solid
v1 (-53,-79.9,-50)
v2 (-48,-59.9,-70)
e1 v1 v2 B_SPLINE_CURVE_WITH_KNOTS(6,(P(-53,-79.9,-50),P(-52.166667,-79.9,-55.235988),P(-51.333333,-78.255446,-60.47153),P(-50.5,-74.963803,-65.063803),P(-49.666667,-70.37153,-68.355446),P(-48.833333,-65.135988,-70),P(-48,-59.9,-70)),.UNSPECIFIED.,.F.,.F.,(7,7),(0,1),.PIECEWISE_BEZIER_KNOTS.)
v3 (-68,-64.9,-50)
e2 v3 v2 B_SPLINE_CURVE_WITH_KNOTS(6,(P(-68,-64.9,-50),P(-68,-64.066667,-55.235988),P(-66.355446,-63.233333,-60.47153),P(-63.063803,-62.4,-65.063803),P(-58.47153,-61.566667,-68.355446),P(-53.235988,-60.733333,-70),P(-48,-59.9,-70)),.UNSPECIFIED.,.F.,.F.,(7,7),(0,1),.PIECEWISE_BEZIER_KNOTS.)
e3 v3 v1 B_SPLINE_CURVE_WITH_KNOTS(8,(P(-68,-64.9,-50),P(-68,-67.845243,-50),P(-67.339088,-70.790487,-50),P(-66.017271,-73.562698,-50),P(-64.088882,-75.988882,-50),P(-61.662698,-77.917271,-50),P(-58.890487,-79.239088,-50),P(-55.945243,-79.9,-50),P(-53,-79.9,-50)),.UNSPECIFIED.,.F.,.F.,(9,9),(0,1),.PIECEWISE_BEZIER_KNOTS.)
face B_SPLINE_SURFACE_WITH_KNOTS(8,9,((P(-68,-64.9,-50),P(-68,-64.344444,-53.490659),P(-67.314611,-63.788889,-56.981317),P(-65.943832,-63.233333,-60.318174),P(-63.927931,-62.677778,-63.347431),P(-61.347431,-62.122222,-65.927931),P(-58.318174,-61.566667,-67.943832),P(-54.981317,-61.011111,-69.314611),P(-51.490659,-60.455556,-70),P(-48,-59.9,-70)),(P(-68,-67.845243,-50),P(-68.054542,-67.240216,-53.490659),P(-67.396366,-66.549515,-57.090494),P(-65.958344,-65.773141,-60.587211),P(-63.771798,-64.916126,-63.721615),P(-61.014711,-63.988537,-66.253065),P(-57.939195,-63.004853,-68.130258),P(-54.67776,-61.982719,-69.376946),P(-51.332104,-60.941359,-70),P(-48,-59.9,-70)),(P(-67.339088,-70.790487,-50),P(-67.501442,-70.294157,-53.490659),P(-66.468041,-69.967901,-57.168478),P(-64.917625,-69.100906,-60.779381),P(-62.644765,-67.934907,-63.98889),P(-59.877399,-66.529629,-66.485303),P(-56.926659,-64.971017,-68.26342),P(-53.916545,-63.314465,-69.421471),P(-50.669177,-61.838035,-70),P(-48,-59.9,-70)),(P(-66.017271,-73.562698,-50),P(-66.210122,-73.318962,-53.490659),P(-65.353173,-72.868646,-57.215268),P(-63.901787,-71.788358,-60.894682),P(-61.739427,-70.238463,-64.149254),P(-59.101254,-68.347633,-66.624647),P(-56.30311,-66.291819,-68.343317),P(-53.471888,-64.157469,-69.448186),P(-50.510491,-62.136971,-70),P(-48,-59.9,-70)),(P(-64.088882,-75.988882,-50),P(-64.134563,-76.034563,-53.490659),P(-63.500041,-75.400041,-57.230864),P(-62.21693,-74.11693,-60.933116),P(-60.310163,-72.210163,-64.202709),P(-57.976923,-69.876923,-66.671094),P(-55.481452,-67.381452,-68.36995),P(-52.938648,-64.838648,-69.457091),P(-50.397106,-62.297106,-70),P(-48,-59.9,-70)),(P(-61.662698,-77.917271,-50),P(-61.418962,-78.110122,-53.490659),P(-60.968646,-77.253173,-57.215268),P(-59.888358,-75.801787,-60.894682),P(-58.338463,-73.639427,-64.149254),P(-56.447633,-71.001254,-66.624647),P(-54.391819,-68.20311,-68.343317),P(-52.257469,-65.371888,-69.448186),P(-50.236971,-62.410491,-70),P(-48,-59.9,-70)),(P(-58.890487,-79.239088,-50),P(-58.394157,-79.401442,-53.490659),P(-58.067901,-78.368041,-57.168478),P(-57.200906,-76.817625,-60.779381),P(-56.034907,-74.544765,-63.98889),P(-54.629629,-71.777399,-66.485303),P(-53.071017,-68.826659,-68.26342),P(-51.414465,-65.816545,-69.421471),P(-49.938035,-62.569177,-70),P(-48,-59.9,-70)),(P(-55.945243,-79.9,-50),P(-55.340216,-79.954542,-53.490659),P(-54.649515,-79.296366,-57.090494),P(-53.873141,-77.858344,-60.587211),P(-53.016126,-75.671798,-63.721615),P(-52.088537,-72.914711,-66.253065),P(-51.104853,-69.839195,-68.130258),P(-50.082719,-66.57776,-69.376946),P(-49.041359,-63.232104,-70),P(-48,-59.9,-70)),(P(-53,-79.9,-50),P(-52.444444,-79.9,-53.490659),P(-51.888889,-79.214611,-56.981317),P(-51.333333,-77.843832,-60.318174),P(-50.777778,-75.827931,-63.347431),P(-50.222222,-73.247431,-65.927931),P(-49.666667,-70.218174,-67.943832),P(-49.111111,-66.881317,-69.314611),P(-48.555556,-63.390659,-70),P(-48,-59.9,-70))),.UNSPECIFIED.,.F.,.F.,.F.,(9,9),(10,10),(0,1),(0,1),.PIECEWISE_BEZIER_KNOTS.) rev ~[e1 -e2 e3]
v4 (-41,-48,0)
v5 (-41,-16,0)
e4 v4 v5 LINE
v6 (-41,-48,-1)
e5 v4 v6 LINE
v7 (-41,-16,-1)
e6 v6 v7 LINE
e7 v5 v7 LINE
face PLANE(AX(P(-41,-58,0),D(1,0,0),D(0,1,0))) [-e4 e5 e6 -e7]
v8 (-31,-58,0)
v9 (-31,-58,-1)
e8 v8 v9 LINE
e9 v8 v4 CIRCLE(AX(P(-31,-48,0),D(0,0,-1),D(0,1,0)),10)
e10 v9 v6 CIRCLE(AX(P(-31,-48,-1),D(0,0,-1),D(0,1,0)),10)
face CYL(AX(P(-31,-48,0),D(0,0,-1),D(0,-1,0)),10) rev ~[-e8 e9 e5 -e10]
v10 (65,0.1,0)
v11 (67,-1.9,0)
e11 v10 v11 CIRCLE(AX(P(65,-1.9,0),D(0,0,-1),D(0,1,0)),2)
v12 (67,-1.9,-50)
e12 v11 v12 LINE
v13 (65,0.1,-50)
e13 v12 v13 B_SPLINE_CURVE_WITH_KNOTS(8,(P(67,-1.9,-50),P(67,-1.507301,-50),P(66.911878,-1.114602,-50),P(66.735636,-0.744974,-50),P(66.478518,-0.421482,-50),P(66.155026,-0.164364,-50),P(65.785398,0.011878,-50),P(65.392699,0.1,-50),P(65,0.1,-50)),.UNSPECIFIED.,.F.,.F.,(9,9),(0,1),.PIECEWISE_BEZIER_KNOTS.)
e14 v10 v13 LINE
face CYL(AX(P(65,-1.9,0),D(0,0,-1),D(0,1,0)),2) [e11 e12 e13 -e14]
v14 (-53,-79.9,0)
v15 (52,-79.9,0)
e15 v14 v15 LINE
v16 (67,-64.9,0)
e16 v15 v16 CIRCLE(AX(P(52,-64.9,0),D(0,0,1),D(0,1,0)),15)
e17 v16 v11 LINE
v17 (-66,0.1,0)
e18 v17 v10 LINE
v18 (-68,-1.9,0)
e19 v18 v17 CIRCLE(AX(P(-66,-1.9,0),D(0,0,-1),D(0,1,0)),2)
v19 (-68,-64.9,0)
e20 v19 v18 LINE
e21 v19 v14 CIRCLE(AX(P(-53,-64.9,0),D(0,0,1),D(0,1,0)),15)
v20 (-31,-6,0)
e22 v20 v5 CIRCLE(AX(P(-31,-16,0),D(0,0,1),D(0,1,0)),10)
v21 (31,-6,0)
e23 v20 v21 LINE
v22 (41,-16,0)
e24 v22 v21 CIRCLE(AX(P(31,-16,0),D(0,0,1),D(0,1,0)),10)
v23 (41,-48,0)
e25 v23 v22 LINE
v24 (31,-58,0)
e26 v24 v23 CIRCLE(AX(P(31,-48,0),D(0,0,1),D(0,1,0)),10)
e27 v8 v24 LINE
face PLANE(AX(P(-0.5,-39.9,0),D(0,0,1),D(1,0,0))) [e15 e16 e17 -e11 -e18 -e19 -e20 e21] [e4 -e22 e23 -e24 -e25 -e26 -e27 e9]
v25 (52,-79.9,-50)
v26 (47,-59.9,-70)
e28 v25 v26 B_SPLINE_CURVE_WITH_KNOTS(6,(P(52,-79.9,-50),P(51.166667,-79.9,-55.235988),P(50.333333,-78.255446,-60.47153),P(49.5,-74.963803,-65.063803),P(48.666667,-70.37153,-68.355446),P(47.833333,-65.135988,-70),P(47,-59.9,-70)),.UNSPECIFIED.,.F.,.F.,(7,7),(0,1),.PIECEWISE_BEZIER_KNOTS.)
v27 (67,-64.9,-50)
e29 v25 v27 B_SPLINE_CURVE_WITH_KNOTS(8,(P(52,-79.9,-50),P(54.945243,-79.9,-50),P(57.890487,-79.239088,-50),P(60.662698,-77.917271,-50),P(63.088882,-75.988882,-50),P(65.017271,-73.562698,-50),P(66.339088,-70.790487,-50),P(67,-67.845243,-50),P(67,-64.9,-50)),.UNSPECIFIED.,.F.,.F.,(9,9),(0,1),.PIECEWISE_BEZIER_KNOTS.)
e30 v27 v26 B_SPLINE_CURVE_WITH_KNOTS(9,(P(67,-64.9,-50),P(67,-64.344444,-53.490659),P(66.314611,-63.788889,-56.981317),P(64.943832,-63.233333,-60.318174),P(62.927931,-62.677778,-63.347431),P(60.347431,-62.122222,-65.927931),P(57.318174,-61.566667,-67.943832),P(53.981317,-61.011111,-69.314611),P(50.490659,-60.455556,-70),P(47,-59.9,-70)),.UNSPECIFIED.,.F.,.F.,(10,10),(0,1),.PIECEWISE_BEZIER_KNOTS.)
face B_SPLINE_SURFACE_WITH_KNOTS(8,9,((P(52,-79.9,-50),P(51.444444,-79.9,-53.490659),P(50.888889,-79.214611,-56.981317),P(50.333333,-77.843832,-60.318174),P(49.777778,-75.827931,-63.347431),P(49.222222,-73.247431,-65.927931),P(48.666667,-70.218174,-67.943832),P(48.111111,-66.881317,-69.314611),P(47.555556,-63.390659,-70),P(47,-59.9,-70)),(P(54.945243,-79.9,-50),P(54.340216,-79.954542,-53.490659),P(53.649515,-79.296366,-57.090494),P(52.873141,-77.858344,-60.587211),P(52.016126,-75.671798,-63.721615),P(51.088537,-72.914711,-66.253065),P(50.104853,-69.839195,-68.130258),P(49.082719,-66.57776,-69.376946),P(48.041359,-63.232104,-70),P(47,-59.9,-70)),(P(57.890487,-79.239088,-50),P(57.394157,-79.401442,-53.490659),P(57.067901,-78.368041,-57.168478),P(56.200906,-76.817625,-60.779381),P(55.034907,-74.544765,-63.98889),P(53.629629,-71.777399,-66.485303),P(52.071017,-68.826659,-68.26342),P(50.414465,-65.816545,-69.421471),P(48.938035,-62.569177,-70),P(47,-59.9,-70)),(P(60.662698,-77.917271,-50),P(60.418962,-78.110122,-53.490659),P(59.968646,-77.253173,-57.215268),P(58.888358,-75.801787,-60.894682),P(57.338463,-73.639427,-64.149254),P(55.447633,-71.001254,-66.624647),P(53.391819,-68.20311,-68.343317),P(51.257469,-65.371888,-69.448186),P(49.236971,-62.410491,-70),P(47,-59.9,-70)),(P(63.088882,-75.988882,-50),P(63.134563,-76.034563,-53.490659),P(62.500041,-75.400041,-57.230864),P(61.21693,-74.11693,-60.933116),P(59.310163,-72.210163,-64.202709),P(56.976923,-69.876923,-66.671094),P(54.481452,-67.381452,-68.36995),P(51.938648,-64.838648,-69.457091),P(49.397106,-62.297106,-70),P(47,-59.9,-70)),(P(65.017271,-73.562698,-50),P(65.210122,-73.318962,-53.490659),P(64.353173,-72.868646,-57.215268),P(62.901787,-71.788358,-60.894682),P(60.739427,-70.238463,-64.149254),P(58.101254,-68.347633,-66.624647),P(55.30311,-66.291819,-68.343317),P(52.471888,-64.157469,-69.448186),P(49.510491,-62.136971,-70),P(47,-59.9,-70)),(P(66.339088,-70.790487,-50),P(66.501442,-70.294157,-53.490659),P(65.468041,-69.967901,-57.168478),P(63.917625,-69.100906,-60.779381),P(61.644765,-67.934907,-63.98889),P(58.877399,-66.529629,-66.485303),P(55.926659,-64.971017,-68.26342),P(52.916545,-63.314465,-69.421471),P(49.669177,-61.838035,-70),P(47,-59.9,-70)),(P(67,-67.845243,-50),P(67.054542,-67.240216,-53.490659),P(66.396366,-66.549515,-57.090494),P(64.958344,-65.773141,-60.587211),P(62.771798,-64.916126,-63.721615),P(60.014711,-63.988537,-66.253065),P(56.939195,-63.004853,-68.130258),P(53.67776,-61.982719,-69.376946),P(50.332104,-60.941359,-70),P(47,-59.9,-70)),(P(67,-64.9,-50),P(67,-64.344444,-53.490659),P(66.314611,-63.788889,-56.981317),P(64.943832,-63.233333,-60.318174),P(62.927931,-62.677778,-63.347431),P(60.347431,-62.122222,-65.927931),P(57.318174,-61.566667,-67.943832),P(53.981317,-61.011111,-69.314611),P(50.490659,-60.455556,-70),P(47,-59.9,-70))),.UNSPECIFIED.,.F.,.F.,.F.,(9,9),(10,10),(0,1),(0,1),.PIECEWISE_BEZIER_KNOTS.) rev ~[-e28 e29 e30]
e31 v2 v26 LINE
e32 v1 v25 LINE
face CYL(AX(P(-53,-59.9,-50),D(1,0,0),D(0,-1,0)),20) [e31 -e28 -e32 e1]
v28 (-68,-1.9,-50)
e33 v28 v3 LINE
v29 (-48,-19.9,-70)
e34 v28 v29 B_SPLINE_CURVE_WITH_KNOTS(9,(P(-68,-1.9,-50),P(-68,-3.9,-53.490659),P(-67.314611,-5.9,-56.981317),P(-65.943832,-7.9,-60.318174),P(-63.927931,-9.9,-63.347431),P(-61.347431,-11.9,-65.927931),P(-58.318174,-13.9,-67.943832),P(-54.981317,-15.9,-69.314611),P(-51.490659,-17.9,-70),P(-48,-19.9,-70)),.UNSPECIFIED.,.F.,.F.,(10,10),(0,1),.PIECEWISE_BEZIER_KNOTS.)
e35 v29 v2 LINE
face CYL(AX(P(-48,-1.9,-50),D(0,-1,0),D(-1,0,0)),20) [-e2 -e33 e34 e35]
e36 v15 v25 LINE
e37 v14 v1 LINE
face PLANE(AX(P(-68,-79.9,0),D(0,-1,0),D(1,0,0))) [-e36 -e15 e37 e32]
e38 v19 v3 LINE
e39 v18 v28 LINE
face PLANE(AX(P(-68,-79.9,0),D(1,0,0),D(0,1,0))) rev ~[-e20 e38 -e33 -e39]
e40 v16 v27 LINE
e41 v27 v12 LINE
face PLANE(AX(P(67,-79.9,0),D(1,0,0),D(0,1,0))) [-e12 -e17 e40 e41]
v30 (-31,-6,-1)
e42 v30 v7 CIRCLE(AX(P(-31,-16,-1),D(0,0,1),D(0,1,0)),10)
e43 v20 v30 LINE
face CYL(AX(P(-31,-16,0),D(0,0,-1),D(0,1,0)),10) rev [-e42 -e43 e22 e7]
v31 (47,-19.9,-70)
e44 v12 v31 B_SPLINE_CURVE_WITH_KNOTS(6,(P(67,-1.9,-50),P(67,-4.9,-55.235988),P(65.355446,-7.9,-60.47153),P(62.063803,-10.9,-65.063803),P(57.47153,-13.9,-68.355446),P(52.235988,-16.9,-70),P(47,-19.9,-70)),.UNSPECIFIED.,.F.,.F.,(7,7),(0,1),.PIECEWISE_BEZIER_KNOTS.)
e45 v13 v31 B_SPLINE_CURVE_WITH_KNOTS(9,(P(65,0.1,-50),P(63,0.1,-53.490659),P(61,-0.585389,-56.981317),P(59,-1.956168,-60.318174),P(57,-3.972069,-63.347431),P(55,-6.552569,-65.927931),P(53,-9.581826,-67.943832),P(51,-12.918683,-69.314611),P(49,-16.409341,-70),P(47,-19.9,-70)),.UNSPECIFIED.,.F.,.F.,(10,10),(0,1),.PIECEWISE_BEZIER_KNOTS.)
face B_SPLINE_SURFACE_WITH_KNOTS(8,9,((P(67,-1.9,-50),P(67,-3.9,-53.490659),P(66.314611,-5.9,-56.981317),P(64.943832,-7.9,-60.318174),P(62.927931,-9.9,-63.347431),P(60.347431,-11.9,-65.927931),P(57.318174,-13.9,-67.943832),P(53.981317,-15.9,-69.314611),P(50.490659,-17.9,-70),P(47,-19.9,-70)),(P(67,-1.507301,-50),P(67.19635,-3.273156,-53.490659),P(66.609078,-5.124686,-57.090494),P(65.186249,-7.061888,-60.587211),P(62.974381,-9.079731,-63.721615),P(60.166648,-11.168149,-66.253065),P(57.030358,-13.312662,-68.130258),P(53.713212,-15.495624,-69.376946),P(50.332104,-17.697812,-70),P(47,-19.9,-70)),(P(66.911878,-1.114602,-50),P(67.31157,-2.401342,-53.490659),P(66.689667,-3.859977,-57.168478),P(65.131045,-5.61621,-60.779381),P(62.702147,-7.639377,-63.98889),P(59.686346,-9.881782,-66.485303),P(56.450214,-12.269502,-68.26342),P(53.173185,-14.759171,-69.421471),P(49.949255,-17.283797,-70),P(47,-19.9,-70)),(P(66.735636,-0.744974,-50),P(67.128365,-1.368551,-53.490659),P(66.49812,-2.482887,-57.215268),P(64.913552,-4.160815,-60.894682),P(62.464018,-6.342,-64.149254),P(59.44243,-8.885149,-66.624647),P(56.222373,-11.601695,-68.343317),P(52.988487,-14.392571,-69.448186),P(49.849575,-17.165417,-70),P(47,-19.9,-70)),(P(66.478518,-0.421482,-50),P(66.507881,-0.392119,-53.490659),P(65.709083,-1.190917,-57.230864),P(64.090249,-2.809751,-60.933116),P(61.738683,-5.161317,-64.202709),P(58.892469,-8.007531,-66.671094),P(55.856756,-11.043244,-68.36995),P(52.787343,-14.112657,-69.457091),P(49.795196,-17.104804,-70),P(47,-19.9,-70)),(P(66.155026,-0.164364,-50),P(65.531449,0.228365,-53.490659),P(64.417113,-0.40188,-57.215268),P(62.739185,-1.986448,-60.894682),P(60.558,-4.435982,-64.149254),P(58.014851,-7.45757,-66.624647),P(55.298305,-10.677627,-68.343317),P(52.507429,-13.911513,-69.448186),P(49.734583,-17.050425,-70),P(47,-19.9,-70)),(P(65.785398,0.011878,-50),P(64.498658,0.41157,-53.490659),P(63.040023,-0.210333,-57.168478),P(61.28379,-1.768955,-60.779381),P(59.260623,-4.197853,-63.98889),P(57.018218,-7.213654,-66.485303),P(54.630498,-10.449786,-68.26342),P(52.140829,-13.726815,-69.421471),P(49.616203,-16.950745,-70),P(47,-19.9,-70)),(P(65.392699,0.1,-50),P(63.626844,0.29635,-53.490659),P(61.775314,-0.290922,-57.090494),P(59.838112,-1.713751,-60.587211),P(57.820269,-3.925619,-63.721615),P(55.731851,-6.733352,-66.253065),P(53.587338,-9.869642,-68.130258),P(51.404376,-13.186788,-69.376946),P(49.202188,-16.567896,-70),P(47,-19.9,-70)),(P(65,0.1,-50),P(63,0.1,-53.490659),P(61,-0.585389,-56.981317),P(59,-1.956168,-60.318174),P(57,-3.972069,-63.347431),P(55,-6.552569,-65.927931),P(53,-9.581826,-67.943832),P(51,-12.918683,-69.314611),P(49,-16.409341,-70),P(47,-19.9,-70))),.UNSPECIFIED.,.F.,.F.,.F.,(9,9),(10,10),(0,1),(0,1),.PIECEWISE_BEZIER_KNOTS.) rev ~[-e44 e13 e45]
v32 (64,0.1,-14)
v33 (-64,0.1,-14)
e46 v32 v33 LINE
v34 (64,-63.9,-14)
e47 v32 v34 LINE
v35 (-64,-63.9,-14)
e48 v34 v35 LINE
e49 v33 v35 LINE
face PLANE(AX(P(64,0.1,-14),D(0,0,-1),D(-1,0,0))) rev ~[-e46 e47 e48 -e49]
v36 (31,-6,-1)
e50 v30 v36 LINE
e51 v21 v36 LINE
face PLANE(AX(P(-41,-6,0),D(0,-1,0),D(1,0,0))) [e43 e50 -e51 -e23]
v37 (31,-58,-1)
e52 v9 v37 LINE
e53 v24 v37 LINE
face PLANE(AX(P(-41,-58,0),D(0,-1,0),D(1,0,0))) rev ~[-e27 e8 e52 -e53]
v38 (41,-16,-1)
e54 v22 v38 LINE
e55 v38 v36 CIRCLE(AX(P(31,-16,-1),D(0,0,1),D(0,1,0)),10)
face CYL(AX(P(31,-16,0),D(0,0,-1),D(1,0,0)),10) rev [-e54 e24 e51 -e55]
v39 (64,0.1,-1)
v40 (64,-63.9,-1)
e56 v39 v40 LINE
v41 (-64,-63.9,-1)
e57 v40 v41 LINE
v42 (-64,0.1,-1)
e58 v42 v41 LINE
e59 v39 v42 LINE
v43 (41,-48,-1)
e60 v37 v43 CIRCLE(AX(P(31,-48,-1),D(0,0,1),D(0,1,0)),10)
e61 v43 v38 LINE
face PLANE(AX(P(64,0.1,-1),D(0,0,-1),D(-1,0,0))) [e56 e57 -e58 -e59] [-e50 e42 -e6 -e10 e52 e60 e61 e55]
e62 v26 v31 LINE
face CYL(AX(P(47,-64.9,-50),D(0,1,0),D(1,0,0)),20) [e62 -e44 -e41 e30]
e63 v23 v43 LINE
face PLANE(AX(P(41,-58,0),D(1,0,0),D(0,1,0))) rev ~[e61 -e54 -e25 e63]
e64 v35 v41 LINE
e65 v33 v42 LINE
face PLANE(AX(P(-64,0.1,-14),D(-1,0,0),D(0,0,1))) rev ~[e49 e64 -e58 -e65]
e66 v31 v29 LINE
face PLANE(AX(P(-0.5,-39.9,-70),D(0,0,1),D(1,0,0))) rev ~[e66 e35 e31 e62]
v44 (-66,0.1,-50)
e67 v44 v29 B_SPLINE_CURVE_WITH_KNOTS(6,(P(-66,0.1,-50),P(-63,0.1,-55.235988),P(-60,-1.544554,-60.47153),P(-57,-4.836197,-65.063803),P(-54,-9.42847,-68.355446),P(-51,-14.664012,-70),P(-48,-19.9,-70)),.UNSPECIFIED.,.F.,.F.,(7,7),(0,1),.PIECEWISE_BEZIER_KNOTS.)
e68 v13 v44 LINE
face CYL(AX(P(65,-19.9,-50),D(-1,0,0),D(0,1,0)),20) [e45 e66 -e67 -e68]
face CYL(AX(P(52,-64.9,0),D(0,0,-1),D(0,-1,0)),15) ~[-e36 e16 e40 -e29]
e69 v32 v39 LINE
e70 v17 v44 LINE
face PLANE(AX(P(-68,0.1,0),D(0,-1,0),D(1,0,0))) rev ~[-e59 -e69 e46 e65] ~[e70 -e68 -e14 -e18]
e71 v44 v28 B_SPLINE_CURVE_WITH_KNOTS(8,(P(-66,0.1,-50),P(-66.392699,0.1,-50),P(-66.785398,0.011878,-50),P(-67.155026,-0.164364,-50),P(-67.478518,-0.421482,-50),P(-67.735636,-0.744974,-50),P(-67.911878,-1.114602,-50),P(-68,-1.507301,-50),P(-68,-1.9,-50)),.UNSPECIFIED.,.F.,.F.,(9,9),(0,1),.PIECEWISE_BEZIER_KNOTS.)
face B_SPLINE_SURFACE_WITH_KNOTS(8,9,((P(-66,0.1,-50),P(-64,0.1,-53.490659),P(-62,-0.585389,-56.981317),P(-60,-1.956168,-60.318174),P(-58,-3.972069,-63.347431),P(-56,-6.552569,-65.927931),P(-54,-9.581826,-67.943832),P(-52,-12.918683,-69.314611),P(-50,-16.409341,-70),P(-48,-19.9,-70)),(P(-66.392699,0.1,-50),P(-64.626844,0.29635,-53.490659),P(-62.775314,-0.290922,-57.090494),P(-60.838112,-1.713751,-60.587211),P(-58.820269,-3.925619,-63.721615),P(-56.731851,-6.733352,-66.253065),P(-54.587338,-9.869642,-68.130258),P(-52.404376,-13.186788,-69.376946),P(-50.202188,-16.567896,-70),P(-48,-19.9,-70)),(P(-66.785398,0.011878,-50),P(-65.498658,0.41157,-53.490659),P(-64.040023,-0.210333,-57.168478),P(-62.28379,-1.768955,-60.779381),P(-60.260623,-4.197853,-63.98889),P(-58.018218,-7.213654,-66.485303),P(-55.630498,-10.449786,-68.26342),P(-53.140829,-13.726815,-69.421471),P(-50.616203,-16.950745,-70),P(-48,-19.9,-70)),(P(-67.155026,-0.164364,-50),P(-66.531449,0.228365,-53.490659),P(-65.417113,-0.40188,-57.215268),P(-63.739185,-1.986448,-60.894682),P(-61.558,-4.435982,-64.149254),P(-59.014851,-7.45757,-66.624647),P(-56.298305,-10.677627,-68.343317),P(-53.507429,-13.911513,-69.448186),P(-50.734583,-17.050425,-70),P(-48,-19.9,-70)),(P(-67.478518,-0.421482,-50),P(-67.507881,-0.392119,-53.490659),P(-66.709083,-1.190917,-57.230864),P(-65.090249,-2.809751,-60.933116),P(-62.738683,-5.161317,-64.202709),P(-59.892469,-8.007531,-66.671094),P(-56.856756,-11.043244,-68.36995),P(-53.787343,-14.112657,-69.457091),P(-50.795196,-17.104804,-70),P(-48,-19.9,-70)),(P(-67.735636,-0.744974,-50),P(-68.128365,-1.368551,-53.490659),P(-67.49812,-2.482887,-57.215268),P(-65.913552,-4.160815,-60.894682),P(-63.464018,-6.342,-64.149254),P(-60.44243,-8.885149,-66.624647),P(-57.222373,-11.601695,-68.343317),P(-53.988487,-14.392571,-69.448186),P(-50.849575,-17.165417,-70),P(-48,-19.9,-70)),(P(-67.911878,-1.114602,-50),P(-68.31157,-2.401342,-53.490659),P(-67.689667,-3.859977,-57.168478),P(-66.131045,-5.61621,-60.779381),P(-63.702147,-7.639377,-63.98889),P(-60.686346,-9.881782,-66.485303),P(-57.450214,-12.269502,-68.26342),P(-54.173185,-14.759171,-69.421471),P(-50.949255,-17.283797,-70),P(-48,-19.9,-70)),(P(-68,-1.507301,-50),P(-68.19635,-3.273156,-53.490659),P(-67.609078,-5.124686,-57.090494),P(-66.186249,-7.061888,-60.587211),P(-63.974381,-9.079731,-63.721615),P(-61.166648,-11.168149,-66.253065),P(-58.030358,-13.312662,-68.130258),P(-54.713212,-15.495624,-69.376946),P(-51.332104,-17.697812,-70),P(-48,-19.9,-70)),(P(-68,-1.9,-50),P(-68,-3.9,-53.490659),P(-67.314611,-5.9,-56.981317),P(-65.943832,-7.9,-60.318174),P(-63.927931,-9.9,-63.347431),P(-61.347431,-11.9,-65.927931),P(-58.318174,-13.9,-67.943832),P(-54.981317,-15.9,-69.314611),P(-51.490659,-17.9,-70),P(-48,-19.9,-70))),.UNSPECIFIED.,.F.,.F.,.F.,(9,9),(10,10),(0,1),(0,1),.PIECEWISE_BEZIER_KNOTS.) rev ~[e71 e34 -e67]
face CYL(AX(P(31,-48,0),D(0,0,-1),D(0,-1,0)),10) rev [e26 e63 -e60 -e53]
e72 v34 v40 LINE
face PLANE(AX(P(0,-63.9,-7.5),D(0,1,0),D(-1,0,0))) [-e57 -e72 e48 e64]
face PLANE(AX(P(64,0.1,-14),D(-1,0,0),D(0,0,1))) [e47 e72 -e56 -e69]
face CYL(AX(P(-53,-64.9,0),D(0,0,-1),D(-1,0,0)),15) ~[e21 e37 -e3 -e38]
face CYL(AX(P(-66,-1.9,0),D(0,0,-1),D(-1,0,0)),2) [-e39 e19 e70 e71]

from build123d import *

# Parameters (mm, degrees)
SKETCH002_W     = 135
SKETCH002_H     = 80
PAD_DEPTH       = 70
SKETCH003_W     = 128
SKETCH003_H     = 13
POCKET_DEPTH    = 64
SKETCH001_W     = 82
SKETCH001_H     = 52
POCKET001_DEPTH = 1
FILLET_R        = 10
FILLET001_R     = 2
FILLET002_R     = 15
FILLET003_R     = 20


with BuildPart() as part:
    # Sketch002 → Pad (new body)
    with BuildSketch(Plane.XY):
        with Locations((-0.5, -39.9)):
            Rectangle(SKETCH002_W, SKETCH002_H)
    extrude(amount=-PAD_DEPTH)

    # Sketch003 → Pocket (cut)
    with BuildSketch(Plane(origin=(0, 0.1, 0), x_dir=(-1, 0, 0), z_dir=(0, 1, 0))):
        with Locations((0, -7.5)):
            Rectangle(SKETCH003_W, SKETCH003_H)
    extrude(amount=-POCKET_DEPTH, mode=Mode.SUBTRACT)

    # Sketch001 → Pocket001 (cut)
    with BuildSketch(Plane.XY):
        with Locations((0, -32)):
            Rectangle(SKETCH001_W, SKETCH001_H)
    extrude(amount=-POCKET001_DEPTH, mode=Mode.SUBTRACT)

    # Fillet
    fillet_edges = [part.edges().sort_by_distance(p)[0] for p in [
        (-41, -58, -0.5),
        (41, -58, -0.5),
        (-41, -6, -0.5),
        (41, -6, -0.5),
    ]]
    fillet(fillet_edges, radius=FILLET_R)

    # Fillet001
    fillet001_edges = [part.edges().sort_by_distance(p)[0] for p in [
        (-68, 0.1, -35),
        (67, 0.1, -35),
    ]]
    fillet(fillet001_edges, radius=FILLET001_R)

    # Fillet002
    fillet002_edges = [part.edges().sort_by_distance(p)[0] for p in [
        (67, -79.9, -35),
        (-68, -79.9, -35),
    ]]
    fillet(fillet002_edges, radius=FILLET002_R)

    # Fillet003
    fillet003_edges = [part.edges().sort_by_distance(p)[0] for p in [
        (-0.5, -79.9, -70),
        (-0.5, 0.1, -70),
    ]]
    fillet(fillet003_edges, radius=FILLET003_R)


solid = part.part
